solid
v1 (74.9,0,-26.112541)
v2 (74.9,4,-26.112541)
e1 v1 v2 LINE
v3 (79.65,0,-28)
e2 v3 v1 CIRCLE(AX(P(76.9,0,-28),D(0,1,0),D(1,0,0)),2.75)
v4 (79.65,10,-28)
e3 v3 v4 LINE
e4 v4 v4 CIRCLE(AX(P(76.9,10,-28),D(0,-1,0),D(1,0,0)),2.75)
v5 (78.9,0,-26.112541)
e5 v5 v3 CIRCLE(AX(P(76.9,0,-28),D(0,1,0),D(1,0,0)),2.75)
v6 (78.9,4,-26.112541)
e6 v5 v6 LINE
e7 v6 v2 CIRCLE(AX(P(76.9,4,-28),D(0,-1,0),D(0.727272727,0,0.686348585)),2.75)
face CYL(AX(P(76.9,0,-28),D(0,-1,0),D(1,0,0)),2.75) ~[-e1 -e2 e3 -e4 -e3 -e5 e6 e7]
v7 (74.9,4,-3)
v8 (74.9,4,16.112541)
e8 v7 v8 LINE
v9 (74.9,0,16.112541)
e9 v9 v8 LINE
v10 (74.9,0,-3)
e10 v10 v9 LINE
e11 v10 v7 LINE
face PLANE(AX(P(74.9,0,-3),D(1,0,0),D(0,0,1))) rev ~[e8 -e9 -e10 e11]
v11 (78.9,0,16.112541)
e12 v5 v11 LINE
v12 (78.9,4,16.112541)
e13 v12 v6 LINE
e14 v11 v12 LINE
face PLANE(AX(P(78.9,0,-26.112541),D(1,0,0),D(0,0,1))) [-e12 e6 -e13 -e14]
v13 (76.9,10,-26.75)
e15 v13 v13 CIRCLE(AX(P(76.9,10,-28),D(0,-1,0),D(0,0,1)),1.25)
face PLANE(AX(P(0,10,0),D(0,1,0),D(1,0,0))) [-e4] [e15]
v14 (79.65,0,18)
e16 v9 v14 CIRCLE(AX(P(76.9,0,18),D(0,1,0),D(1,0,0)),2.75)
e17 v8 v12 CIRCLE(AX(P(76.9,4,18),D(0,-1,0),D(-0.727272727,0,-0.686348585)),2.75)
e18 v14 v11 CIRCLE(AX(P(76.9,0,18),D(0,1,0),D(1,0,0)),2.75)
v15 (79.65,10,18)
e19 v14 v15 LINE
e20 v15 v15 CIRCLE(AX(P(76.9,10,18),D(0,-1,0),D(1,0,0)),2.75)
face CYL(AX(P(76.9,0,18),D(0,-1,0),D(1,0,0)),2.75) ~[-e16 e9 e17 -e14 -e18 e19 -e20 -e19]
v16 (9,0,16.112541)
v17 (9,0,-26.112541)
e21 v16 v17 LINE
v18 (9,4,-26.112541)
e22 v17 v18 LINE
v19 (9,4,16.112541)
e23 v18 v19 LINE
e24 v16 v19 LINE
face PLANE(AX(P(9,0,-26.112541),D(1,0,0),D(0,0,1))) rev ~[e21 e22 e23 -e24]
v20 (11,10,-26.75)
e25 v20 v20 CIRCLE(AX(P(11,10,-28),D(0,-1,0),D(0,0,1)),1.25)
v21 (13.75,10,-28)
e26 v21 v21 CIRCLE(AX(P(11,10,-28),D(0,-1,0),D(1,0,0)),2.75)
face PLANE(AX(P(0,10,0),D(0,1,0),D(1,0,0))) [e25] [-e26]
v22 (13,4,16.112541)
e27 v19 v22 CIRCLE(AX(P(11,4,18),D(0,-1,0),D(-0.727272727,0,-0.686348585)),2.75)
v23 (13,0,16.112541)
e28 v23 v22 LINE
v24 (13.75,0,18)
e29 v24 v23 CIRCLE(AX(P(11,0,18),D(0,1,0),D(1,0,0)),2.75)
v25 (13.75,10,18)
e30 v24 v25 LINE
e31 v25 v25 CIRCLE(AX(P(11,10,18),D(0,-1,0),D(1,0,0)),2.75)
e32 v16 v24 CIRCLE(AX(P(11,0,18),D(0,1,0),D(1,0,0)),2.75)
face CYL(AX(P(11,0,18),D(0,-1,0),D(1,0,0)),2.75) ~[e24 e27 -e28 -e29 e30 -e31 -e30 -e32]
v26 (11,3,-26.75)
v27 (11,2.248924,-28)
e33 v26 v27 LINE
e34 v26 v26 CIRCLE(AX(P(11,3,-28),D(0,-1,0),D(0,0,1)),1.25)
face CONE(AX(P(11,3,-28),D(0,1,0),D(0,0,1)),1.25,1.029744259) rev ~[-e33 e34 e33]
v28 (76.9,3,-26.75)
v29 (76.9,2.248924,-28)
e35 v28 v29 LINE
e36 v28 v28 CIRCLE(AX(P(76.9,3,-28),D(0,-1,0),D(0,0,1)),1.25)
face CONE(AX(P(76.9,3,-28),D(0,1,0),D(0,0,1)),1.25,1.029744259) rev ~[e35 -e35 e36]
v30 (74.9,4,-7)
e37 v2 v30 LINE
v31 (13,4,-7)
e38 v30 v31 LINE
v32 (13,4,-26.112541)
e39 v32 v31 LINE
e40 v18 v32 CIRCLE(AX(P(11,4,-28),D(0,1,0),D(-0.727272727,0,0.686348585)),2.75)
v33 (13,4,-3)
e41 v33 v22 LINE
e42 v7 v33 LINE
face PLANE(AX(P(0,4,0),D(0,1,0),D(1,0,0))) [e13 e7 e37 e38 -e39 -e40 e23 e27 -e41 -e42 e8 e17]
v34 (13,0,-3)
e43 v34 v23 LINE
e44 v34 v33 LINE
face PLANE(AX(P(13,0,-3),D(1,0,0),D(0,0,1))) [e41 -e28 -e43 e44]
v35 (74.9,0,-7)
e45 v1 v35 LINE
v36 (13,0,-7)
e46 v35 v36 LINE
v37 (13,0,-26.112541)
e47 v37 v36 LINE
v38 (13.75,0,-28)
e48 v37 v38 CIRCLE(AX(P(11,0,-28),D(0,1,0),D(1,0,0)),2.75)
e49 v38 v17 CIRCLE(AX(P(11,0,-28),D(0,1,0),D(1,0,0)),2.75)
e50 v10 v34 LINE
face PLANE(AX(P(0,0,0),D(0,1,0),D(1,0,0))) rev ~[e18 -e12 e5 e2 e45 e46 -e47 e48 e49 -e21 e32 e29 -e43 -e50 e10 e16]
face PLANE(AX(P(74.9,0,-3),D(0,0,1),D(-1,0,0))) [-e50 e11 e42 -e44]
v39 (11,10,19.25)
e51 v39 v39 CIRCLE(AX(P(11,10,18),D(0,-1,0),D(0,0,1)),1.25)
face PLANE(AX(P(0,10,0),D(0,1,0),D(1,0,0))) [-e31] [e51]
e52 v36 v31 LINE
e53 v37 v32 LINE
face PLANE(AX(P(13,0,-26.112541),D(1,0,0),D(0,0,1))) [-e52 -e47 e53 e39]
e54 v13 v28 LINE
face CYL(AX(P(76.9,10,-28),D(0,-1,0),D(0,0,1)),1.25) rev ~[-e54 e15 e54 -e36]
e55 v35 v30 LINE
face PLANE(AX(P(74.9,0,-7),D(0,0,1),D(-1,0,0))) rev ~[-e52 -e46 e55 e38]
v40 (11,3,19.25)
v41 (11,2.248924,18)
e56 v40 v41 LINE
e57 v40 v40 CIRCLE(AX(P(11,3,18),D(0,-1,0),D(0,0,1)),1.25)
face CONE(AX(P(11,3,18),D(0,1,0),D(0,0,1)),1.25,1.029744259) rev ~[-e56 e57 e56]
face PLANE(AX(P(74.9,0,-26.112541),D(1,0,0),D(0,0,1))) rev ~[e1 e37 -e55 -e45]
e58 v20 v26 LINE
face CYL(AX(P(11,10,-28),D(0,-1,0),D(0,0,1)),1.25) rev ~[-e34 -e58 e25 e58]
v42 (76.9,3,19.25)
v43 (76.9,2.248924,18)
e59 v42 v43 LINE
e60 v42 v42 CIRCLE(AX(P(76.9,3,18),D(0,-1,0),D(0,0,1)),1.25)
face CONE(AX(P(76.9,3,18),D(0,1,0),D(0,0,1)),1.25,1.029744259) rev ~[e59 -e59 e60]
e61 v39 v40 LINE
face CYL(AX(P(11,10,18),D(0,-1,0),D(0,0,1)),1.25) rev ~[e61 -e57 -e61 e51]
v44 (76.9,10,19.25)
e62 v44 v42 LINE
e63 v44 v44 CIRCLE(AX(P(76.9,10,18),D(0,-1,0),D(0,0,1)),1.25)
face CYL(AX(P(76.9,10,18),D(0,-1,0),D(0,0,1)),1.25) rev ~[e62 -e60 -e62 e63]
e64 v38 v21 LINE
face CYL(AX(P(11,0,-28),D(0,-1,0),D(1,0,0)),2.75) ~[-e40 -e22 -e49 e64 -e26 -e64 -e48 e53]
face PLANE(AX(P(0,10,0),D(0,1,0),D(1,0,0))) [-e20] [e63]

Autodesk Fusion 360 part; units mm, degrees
sketch "Schizzo9" plane through (0, 0, 0) normal (0, 1, 0) x (1, 0, 0)
  line L0 (11, 28) -> (76.9, 28)
  line L1 (76.9, 28) -> (76.9, -18)
  line L2 (76.9, -18) -> (11, -18)
  line L3 (11, -18) -> (11, 28)
  circle A0 centre (11, 28) radius 2.75
  circle A1 centre (76.9, 28) radius 2.75
  circle A2 centre (11, -18) radius 2.75
  circle A3 centre (76.9, -18) radius 2.75
  line L4 (11, 28) -> (9, 28)
  line L5 (11, 28) -> (13, 28)
  line L6 (9, 28) -> (9, -18)
  line L7 (13, 28) -> (13, -18)
  line L8 (76.9, 28) -> (74.9, 28)
  line L9 (76.9, 28) -> (78.9, 28)
  line L10 (78.9, 28) -> (78.9, -18)
  line L11 (74.9, 28) -> (74.9, -18)
  line L12 (78.9, 5) -> (78.9, 7)
  line L13 (78.9, 5) -> (78.9, 3)
  line L14 (78.9, 7) -> (9, 7)
  line L15 (78.9, 3) -> (9, 3)
  dimension "d99" = 65.9
  dimension "d100" = 46
  dimension "d101" = 5.5
  dimension "d102" = 5.5
  dimension "d103" = 5.5
  dimension "d104" = 5.5
  dimension "d105" = 2
  dimension "d106" = 2
  dimension "d107" = 2
  dimension "d108" = 2
  dimension "d109" = 2
  dimension "d110" = 2
extrude "Estrusione16" add sketch "Schizzo9" along normal blind 4 contours L3 A0 L7 L14 | L3 A0 L6 L14 | L3 L7 L14 L15 | L3 L6 L14 L15 | L7 L11 L14 L15 | L3 A2 L7 L15 | L3 A2 L6 L15 | L1 A1 L11 L14 | L1 L11 L14 L15 | L1 A1 L10 L14 | L1 A3 L11 L15 | L1 L10 L12 L13 L14 L15 | L1 A3 L10 L15
extrude "Estrusione17" add sketch "Schizzo9" along normal blind 10 contours L0 A0 L4 L5 L6 | L0 L3 A0 L5 L7 | L3 A0 L4 L6 | L0 A0 L7 | L0 A1 L8 L9 L10 | L0 A1 L11 | L0 L1 A1 L8 L11 | L2 L3 A2 L7 | L2 L3 A2 | L1 A1 L9 L10 | L2 A2 L7 | L2 A3 L11 | L1 L2 A3 L11 | L1 L2 A3
hole "Foratura9" at (11, 10, -28) direction (0, -1, 0) diameter 2.5 depth 7 tip angle 118
hole "Foratura10" at (76.9, 10, -28) direction (0, -1, 0) diameter 2.5 depth 7 tip angle 118
hole "Foratura11" at (76.9, 10, 18) direction (0, -1, 0) diameter 2.5 depth 7 tip angle 118
hole "Foratura12" at (11, 10, 18) direction (0, -1, 0) diameter 2.5 depth 7 tip angle 118
